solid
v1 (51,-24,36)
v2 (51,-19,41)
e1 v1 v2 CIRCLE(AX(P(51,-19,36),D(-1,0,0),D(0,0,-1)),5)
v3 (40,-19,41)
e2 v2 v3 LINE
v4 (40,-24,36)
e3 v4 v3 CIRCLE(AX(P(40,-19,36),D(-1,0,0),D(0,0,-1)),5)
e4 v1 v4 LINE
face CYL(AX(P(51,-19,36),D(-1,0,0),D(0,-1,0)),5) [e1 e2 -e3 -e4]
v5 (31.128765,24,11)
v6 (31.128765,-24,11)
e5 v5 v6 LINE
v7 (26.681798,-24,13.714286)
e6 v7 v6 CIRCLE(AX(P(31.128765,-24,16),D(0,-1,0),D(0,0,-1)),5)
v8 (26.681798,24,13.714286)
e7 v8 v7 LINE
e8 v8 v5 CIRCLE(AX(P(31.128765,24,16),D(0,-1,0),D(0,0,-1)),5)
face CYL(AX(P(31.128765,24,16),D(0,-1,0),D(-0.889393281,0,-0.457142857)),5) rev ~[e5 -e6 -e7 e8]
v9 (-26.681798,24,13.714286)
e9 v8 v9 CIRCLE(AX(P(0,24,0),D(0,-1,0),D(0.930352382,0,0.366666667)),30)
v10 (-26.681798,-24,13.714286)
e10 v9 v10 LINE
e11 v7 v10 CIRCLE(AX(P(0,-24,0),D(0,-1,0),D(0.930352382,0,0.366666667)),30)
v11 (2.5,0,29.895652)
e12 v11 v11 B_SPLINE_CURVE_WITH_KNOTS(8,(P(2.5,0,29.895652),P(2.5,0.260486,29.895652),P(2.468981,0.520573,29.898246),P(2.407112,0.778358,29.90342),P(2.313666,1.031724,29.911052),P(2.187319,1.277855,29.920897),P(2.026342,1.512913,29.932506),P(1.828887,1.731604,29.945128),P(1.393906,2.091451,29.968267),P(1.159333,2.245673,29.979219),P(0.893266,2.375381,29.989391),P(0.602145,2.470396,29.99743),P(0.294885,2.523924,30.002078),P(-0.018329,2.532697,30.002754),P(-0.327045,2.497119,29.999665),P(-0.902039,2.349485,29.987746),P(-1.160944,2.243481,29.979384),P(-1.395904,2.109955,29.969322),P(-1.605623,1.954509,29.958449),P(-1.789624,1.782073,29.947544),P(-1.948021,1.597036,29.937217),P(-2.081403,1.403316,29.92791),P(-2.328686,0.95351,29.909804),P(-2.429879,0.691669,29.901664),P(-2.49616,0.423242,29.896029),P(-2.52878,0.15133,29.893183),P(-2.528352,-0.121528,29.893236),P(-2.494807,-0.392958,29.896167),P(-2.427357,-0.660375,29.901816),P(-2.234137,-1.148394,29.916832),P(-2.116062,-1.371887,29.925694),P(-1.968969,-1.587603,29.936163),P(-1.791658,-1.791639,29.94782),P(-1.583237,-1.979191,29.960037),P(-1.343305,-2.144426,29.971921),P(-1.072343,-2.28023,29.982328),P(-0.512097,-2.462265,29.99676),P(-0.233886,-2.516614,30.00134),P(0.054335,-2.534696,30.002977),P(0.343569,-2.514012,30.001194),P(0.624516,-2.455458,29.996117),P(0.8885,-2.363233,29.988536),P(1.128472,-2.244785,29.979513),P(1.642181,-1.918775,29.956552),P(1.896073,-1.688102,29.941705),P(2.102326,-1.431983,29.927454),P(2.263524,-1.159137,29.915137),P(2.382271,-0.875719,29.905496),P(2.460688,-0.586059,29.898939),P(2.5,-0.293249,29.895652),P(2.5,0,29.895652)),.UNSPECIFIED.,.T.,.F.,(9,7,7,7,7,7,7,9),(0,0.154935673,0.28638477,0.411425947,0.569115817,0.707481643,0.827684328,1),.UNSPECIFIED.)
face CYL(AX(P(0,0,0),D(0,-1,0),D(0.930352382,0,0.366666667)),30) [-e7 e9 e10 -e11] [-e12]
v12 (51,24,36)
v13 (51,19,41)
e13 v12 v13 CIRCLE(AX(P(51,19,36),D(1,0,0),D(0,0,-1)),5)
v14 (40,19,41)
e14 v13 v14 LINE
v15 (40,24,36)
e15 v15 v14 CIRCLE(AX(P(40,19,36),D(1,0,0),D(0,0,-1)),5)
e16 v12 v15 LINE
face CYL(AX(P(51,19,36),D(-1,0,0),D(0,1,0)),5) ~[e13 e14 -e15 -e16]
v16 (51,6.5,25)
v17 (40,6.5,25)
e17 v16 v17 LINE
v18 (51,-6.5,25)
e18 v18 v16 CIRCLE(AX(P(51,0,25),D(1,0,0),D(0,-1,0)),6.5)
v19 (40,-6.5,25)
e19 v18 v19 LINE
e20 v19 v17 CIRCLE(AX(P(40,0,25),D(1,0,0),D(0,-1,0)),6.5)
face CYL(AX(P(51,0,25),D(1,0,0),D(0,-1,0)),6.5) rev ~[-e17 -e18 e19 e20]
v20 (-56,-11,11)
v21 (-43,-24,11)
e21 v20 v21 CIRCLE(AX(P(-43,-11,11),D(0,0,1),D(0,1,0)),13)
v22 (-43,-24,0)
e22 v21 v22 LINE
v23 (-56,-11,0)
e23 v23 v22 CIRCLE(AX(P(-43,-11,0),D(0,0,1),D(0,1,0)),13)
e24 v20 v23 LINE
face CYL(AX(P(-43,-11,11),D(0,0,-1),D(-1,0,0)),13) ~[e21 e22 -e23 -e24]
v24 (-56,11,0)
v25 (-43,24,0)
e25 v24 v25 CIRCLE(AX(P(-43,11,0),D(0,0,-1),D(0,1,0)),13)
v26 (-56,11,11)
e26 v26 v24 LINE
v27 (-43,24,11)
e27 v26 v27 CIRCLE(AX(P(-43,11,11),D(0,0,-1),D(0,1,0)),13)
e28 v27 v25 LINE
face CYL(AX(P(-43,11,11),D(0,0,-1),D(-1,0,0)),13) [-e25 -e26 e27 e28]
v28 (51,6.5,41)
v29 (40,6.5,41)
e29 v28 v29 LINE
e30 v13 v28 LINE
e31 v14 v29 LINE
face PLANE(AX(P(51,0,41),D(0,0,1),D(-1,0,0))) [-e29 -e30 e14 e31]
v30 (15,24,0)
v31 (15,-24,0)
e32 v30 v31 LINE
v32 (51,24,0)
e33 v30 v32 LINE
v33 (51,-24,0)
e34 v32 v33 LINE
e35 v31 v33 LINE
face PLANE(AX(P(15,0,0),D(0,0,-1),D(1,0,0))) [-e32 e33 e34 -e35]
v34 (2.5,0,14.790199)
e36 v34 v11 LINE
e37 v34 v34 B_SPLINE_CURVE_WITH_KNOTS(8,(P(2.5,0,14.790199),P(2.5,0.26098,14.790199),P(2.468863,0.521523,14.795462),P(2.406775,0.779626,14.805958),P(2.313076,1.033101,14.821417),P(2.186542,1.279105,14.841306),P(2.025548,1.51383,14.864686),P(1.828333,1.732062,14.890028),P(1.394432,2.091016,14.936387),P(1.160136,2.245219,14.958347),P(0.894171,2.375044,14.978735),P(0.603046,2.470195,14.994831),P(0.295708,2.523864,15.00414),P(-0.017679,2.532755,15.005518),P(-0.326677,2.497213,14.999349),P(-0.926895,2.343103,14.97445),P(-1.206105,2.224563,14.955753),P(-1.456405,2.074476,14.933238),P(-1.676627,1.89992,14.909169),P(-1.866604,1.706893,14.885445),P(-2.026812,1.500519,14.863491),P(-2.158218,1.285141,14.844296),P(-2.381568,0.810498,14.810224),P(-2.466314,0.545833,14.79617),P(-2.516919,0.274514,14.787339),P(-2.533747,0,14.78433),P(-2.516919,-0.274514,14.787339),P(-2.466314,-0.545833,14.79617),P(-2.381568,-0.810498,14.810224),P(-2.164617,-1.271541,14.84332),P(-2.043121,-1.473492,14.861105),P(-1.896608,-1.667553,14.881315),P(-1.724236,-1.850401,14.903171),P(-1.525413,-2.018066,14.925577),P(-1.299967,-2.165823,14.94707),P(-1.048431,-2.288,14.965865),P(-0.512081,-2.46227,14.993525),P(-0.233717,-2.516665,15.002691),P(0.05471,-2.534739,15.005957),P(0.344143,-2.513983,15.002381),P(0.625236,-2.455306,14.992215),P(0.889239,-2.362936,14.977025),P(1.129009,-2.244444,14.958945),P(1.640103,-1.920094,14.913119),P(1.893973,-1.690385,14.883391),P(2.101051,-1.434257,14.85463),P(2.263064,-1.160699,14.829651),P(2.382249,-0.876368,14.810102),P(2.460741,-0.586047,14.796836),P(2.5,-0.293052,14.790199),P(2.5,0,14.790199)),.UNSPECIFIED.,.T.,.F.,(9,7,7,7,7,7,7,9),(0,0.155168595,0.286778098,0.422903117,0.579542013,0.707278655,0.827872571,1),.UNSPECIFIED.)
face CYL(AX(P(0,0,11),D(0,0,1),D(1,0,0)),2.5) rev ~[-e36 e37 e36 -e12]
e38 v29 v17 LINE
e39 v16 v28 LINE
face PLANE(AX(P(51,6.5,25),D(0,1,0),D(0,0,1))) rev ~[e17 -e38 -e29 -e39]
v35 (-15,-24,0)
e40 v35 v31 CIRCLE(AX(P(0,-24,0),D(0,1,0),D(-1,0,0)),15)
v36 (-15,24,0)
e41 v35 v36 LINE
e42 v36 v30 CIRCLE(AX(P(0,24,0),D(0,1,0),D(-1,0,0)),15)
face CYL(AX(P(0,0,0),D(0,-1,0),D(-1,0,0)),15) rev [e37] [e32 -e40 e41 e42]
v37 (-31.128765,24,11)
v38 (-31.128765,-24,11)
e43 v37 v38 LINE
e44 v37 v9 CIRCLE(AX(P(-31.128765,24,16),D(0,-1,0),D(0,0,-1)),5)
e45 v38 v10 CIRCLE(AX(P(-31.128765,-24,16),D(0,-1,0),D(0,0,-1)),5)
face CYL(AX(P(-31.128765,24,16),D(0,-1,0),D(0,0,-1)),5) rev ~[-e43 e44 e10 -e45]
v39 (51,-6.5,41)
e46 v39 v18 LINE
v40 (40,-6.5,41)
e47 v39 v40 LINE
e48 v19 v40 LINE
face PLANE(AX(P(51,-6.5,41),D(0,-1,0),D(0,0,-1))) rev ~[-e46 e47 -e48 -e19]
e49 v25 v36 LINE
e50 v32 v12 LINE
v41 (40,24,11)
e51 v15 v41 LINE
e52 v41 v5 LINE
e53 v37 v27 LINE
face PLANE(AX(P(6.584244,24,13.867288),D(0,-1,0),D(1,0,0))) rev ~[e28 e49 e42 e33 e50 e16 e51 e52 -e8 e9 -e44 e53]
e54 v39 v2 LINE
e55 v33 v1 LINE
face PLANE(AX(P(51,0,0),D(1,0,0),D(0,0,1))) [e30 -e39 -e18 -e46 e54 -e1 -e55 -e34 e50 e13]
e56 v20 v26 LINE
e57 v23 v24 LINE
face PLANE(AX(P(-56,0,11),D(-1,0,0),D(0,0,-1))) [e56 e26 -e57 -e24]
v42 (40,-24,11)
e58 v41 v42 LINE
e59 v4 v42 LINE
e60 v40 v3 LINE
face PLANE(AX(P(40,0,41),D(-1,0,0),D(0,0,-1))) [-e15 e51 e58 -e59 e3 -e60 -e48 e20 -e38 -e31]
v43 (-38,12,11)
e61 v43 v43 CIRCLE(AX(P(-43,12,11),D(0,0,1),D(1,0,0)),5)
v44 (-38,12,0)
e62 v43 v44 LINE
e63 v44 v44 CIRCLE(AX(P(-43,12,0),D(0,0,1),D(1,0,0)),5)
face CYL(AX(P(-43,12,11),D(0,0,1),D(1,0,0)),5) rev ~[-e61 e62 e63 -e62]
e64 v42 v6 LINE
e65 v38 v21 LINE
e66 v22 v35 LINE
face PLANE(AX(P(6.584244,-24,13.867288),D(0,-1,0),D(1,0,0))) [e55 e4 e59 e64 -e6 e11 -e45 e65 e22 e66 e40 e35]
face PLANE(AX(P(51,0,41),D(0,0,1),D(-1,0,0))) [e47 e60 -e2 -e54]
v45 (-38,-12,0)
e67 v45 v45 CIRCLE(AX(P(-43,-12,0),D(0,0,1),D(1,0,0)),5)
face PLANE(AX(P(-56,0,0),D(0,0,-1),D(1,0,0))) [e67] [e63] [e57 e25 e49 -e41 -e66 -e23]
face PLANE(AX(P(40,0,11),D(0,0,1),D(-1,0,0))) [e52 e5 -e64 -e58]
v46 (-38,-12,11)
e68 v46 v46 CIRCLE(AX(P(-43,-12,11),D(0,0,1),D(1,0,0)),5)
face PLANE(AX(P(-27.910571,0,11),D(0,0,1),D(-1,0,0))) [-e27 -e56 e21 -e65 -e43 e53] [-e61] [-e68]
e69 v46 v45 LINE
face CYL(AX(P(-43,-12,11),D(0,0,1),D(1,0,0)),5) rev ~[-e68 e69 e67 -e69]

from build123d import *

# Parameters (mm, degrees)
F1_DEPTH      = 24
F2_R          = 13
F3_R          = 5
F4_R          = 5
F4_R_2        = 2.5
F5_DEPTH      = 44.4
F7_DEPTH      = 15.7
F7_DEPTH_BACK = 25


with BuildPart() as f1:
    # F0 (on Front) → F1 (new body, symmetric)
    with BuildSketch(Plane.XZ):
        with BuildLine():
            ThreePointArc((-15, 0), (0, 15), (15, 0))
            Line((15, 0), (51, 0))
            Line((51, 0), (51, 41))
            Line((51, 41), (40, 41))
            Line((40, 41), (40, 11))
            Line((40, 11), (27.9105714739, 11))
            ThreePointArc((27.9105714739, 11), (0, 30), (-27.9105714739, 11))
            Line((-27.9105714739, 11), (-56, 11))
            Line((-56, 11), (-56, 0))
            Line((-56, 0), (-15, 0))
        make_face()
    extrude(amount=F1_DEPTH, both=True)

    # F2
    f2_edges = [f1.edges().sort_by_distance(p)[0] for p in [
        (-56, -24, 5.5),
        (-56, 24, 5.5),
    ]]
    fillet(f2_edges, radius=F2_R)

    # F3
    f3_edges = [f1.edges().sort_by_distance(p)[0] for p in [
        (45.5, -24, 41),
        (45.5, 24, 41),
        (-27.910571, 0, 11),
        (27.910571, 0, 11),
    ]]
    fillet(f3_edges, radius=F3_R)

    # F4 (on face) → F5 (cut, symmetric)
    with BuildSketch(Plane.XY.offset(11)):
        with Locations((-43, 12)):
            Circle(F4_R)
        with Locations((-43, -12)):
            Circle(F4_R)
        Circle(F4_R_2)
    extrude(amount=F5_DEPTH, both=True, mode=Mode.SUBTRACT)

    # F6 (on face) → F7 (cut, two sides)
    with BuildSketch(Plane.YZ.offset(51)) as f7_sk:
        with BuildLine():
            Line((6.5, 41), (-6.5, 41))
            Line((-6.5, 41), (-6.5, 25))
            ThreePointArc((-6.5, 25), (0, 18.5), (6.5, 25))
            Line((6.5, 25), (6.5, 41))
        make_face()
    extrude(amount=-F7_DEPTH, mode=Mode.SUBTRACT)
    extrude(f7_sk.sketch, amount=F7_DEPTH_BACK, mode=Mode.SUBTRACT)


solid = f1.part
